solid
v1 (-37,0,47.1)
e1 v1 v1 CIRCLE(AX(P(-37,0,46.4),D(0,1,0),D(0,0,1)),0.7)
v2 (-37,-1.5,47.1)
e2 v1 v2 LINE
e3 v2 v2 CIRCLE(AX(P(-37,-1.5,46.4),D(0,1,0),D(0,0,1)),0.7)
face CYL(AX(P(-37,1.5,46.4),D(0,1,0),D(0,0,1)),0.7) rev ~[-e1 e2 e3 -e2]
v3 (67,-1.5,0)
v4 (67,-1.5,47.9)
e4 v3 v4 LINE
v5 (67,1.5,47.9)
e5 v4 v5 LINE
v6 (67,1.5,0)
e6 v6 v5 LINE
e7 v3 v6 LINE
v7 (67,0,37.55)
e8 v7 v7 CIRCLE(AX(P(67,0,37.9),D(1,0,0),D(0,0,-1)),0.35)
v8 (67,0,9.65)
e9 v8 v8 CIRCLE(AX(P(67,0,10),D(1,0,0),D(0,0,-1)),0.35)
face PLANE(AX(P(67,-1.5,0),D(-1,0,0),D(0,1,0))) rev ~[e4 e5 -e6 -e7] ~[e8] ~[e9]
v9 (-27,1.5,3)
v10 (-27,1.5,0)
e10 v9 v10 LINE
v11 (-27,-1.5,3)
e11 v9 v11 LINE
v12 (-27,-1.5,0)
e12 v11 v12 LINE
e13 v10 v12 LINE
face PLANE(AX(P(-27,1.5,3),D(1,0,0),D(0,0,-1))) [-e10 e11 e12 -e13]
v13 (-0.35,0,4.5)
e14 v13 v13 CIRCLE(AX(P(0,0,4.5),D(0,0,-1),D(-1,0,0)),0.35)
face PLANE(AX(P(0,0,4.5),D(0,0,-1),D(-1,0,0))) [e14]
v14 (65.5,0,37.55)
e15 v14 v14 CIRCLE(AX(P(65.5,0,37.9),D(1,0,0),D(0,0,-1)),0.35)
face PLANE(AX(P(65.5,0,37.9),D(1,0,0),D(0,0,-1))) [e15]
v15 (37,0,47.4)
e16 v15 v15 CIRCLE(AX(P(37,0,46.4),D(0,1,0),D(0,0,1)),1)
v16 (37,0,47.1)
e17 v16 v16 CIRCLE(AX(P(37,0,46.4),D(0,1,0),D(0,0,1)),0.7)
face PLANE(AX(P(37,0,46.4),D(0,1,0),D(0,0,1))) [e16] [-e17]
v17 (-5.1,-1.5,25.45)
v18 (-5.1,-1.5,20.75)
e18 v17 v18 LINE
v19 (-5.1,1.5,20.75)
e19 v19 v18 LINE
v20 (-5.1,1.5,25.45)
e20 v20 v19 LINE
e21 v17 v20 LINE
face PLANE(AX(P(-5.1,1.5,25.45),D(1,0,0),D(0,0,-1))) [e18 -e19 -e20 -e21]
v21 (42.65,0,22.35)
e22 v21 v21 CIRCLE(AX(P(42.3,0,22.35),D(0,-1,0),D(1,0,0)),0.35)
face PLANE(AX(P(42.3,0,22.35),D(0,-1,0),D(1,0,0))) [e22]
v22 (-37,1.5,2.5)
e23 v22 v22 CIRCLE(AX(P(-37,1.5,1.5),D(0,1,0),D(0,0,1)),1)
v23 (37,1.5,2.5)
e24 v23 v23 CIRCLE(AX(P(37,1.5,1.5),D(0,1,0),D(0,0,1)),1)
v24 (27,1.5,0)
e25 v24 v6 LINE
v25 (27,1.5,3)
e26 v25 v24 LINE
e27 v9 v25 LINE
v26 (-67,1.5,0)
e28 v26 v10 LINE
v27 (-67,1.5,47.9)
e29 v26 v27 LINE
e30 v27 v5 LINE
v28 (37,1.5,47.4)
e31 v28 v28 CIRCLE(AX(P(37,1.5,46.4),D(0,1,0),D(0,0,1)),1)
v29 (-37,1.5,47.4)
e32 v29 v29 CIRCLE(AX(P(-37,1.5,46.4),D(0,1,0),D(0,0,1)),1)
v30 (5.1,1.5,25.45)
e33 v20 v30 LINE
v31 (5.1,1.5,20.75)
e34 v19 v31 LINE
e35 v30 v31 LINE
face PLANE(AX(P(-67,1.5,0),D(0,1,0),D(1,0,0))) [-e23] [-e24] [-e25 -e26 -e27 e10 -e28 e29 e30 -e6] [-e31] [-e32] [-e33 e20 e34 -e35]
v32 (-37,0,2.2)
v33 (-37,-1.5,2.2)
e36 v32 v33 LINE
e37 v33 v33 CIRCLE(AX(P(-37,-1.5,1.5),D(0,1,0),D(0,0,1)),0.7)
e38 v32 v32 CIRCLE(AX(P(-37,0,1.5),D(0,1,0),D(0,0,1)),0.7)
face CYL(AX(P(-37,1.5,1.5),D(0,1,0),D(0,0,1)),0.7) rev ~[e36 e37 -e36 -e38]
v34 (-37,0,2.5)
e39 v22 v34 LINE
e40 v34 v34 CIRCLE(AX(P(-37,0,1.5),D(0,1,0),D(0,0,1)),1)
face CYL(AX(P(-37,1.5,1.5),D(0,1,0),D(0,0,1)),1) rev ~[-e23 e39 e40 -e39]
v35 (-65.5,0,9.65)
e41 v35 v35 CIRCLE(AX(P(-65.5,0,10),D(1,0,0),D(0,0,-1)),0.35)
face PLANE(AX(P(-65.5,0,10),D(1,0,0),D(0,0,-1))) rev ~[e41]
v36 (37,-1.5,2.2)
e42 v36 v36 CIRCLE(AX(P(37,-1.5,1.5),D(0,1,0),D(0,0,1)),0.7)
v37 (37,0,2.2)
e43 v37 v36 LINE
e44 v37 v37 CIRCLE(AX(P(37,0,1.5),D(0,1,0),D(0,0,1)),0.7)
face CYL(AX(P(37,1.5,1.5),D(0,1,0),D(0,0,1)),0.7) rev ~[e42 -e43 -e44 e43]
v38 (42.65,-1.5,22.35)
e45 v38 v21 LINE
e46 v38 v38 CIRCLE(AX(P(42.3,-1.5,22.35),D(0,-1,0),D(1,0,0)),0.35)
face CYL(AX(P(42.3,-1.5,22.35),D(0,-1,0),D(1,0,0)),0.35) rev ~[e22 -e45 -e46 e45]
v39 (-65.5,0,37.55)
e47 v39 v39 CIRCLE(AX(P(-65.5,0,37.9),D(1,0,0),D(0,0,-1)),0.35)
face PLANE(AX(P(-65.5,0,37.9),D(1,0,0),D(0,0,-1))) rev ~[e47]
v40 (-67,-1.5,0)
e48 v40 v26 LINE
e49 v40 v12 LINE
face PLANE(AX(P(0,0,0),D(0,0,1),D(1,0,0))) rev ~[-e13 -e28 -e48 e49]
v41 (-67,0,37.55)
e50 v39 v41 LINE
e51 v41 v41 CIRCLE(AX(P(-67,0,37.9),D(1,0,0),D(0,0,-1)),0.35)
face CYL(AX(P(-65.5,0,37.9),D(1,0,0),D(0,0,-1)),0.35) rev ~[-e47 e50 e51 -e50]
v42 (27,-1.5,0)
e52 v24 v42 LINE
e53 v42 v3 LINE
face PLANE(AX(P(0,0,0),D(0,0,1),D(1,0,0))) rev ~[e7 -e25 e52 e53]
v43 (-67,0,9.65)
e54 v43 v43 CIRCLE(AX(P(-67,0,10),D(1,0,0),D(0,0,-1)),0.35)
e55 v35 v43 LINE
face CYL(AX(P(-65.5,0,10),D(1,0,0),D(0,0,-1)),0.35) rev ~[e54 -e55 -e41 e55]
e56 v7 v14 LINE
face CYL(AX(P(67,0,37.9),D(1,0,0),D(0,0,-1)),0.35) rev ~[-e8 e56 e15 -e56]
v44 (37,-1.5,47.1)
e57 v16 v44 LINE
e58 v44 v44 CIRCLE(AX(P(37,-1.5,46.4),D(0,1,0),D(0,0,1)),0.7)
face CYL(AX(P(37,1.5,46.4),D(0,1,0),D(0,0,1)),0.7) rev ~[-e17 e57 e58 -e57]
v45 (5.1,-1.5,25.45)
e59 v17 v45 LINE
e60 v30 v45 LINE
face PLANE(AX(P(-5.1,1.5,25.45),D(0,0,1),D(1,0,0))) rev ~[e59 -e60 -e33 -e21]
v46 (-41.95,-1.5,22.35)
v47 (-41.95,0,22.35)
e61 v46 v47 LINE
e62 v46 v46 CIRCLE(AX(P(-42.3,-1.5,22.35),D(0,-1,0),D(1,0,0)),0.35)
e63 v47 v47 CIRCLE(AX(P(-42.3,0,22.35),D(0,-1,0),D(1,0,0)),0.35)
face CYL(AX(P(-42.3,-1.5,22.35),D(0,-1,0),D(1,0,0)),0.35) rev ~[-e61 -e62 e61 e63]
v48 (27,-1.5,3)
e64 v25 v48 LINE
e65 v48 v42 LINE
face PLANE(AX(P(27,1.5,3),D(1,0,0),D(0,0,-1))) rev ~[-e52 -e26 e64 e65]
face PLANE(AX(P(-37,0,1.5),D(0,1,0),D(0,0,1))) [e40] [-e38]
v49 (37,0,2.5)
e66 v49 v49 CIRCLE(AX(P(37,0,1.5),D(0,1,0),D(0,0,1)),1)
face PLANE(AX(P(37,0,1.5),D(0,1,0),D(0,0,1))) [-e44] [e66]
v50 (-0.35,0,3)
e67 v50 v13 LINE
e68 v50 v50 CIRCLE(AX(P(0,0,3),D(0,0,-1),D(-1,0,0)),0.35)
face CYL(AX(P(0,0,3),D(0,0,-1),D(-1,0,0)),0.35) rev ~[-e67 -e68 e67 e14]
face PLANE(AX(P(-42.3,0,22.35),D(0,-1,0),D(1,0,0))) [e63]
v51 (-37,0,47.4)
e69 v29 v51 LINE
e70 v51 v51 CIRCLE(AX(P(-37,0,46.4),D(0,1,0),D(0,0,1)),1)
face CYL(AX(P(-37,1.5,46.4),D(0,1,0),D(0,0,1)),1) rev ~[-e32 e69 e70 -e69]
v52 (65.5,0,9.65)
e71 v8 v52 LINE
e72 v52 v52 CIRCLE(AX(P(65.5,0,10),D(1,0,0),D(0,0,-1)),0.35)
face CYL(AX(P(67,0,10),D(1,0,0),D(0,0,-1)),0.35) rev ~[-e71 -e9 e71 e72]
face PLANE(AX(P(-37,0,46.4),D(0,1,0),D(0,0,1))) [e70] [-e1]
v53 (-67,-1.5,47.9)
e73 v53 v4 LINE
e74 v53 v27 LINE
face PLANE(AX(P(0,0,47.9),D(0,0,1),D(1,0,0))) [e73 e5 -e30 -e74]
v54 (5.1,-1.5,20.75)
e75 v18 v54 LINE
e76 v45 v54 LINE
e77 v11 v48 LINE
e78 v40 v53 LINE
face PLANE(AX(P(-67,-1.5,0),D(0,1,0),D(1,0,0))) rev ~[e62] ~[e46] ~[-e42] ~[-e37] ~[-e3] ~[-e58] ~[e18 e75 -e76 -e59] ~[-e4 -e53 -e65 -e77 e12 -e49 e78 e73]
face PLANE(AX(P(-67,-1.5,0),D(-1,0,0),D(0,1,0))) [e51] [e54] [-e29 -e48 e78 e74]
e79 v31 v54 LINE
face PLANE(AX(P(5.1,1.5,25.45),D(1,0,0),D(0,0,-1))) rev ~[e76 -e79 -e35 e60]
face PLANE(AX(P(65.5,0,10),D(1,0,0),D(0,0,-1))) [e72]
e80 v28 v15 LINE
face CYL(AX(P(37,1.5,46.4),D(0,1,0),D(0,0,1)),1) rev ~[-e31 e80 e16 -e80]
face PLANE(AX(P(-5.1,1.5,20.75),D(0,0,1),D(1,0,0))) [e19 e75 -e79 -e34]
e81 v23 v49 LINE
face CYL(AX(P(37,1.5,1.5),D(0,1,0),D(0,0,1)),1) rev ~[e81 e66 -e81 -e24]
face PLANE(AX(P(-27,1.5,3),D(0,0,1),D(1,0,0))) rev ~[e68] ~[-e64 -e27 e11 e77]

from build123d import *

# Parameters (mm, degrees)
SKETCH_1_W          = 134
SKETCH_1_H          = 3
EXTRUDE_1_DEPTH     = 47.9
SKETCH_4_R          = 0.7
SKETCH_4_W          = 10.2
SKETCH_4_H          = 4.7
SKETCH_4_W_2        = 54
SKETCH_4_H_2        = 3
CUT_EXTRUDE_1_DEPTH = 83.416078528
SKETCH_4_3_R        = 1
SKETCH_4_3_R_2      = 0.7
SKETCH_4_3_W        = 10.2
SKETCH_4_3_H        = 4.7
SKETCH_4_3_W_2      = 54
SKETCH_4_3_H_2      = 3
CUT_EXTRUDE_2_DEPTH = 1.5
SKETCH_5_R          = 0.35
CUT_EXTRUDE_3_DEPTH = 1.5
SKETCH_6_R          = 0.35
CUT_EXTRUDE_4_DEPTH = 1.5
SKETCH_7_R          = 0.35
CUT_EXTRUDE_5_DEPTH = 1.5
CUT_EXTRUDE_START   = -132.5
SKETCH_7_3_R        = 0.35
CUT_EXTRUDE_6_DEPTH = 1.5


with BuildPart() as part:
    # 草图1 → 凸台-拉伸1 (new body)
    with BuildSketch(Plane.XY):
        Rectangle(SKETCH_1_W, SKETCH_1_H)
    extrude(amount=EXTRUDE_1_DEPTH)

    # 草图4 → 切除-拉伸1 (cut, through all)
    with BuildSketch(Plane(origin=(0, 1.5, 0), x_dir=(1, 0, 0), z_dir=(0, 1, 0))):
        with Locations(Location((37, -46.4, 0), (0, 0, 270))):
            Circle(SKETCH_4_R)
        with Locations(Location((-37, -46.4, 0), (0, 0, 270))):
            Circle(SKETCH_4_R)
        with Locations((0, -23.1)):
            Rectangle(SKETCH_4_W, SKETCH_4_H)
        with Locations((0, -1.5)):
            Rectangle(SKETCH_4_W_2, SKETCH_4_H_2)
        with Locations(Location((-37, -1.5, 0), (0, 0, 270))):
            Circle(SKETCH_4_R)
        with Locations(Location((37, -1.5, 0), (0, 0, 270))):
            Circle(SKETCH_4_R)
    extrude(amount=-CUT_EXTRUDE_1_DEPTH, mode=Mode.SUBTRACT)

    # 草图4<3> → 切除-拉伸2 (cut)
    # profile 1 of 6: a face of its own
    with BuildSketch(Plane(origin=(0, 1.5, 0), x_dir=(1, 0, 0), z_dir=(0, 1, 0))):
        with Locations(Location((-37, -46.4, 0), (0, 0, 270))):
            Circle(SKETCH_4_3_R)
        with Locations(Location((-37, -46.4, 0), (0, 0, 270))):
            Circle(SKETCH_4_3_R_2, mode=Mode.SUBTRACT)
    # profile 2 of 6: a face of its own
    with BuildSketch(Plane(origin=(0, 1.5, 0), x_dir=(1, 0, 0), z_dir=(0, 1, 0))):
        with Locations(Location((37, -46.4, 0), (0, 0, 270))):
            Circle(SKETCH_4_3_R)
        with Locations(Location((37, -46.4, 0), (0, 0, 270))):
            Circle(SKETCH_4_3_R_2, mode=Mode.SUBTRACT)
    # profile 3 of 6: a face of its own
    with BuildSketch(Plane(origin=(0, 1.5, 0), x_dir=(1, 0, 0), z_dir=(0, 1, 0))):
        with Locations(Location((37, -1.5, 0), (0, 0, 270))):
            Circle(SKETCH_4_3_R)
        with Locations(Location((37, -1.5, 0), (0, 0, 270))):
            Circle(SKETCH_4_3_R_2, mode=Mode.SUBTRACT)
    # profile 4 of 6: a face of its own
    with BuildSketch(Plane(origin=(0, 1.5, 0), x_dir=(1, 0, 0), z_dir=(0, 1, 0))):
        with Locations(Location((-37, -1.5, 0), (0, 0, 270))):
            Circle(SKETCH_4_3_R)
        with Locations(Location((-37, -1.5, 0), (0, 0, 270))):
            Circle(SKETCH_4_3_R_2, mode=Mode.SUBTRACT)
    # profile 5 of 6: a face of its own
    with BuildSketch(Plane(origin=(0, 1.5, 0), x_dir=(1, 0, 0), z_dir=(0, 1, 0))):
        with Locations((0, -23.1)):
            Rectangle(SKETCH_4_3_W, SKETCH_4_3_H)
    # profile 6 of 6: a face of its own
    with BuildSketch(Plane(origin=(0, 1.5, 0), x_dir=(1, 0, 0), z_dir=(0, 1, 0))):
        with Locations((0, -1.5)):
            Rectangle(SKETCH_4_3_W_2, SKETCH_4_3_H_2)
    extrude(amount=-CUT_EXTRUDE_2_DEPTH, mode=Mode.SUBTRACT)

    # 草图5 → 切除-拉伸3 (cut)
    with BuildSketch(Plane.XZ.offset(1.5)):
        with Locations((42.3, 22.35)):
            Circle(SKETCH_5_R)
        with Locations((-42.3, 22.35)):
            Circle(SKETCH_5_R)
    extrude(amount=-CUT_EXTRUDE_3_DEPTH, mode=Mode.SUBTRACT)

    # 草图6 → 切除-拉伸4 (cut)
    with BuildSketch(Plane(origin=(0, 0, 3), x_dir=(-1, 0, 0), z_dir=(0, 0, -1))):
        Circle(SKETCH_6_R)
    extrude(amount=-CUT_EXTRUDE_4_DEPTH, mode=Mode.SUBTRACT)

    # 草图7 → 切除-拉伸5 (cut)
    with BuildSketch(Plane(origin=(67, 0, 0), x_dir=(0, 0, -1), z_dir=(1, 0, 0))):
        with Locations((-10, 0)):
            Circle(SKETCH_7_R)
        with Locations((-37.9, 0)):
            Circle(SKETCH_7_R)
    extrude(amount=-CUT_EXTRUDE_5_DEPTH, mode=Mode.SUBTRACT)

    # 草图7<3> → 切除-拉伸6 (cut)
    with BuildSketch(Plane(origin=(67, 0, 0), x_dir=(0, 0, -1), z_dir=(1, 0, 0)).offset(CUT_EXTRUDE_START)):
        with Locations((-10, 0)):
            Circle(SKETCH_7_3_R)
        with Locations((-37.9, 0)):
            Circle(SKETCH_7_3_R)
    extrude(amount=-CUT_EXTRUDE_6_DEPTH, mode=Mode.SUBTRACT)


solid = part.part
